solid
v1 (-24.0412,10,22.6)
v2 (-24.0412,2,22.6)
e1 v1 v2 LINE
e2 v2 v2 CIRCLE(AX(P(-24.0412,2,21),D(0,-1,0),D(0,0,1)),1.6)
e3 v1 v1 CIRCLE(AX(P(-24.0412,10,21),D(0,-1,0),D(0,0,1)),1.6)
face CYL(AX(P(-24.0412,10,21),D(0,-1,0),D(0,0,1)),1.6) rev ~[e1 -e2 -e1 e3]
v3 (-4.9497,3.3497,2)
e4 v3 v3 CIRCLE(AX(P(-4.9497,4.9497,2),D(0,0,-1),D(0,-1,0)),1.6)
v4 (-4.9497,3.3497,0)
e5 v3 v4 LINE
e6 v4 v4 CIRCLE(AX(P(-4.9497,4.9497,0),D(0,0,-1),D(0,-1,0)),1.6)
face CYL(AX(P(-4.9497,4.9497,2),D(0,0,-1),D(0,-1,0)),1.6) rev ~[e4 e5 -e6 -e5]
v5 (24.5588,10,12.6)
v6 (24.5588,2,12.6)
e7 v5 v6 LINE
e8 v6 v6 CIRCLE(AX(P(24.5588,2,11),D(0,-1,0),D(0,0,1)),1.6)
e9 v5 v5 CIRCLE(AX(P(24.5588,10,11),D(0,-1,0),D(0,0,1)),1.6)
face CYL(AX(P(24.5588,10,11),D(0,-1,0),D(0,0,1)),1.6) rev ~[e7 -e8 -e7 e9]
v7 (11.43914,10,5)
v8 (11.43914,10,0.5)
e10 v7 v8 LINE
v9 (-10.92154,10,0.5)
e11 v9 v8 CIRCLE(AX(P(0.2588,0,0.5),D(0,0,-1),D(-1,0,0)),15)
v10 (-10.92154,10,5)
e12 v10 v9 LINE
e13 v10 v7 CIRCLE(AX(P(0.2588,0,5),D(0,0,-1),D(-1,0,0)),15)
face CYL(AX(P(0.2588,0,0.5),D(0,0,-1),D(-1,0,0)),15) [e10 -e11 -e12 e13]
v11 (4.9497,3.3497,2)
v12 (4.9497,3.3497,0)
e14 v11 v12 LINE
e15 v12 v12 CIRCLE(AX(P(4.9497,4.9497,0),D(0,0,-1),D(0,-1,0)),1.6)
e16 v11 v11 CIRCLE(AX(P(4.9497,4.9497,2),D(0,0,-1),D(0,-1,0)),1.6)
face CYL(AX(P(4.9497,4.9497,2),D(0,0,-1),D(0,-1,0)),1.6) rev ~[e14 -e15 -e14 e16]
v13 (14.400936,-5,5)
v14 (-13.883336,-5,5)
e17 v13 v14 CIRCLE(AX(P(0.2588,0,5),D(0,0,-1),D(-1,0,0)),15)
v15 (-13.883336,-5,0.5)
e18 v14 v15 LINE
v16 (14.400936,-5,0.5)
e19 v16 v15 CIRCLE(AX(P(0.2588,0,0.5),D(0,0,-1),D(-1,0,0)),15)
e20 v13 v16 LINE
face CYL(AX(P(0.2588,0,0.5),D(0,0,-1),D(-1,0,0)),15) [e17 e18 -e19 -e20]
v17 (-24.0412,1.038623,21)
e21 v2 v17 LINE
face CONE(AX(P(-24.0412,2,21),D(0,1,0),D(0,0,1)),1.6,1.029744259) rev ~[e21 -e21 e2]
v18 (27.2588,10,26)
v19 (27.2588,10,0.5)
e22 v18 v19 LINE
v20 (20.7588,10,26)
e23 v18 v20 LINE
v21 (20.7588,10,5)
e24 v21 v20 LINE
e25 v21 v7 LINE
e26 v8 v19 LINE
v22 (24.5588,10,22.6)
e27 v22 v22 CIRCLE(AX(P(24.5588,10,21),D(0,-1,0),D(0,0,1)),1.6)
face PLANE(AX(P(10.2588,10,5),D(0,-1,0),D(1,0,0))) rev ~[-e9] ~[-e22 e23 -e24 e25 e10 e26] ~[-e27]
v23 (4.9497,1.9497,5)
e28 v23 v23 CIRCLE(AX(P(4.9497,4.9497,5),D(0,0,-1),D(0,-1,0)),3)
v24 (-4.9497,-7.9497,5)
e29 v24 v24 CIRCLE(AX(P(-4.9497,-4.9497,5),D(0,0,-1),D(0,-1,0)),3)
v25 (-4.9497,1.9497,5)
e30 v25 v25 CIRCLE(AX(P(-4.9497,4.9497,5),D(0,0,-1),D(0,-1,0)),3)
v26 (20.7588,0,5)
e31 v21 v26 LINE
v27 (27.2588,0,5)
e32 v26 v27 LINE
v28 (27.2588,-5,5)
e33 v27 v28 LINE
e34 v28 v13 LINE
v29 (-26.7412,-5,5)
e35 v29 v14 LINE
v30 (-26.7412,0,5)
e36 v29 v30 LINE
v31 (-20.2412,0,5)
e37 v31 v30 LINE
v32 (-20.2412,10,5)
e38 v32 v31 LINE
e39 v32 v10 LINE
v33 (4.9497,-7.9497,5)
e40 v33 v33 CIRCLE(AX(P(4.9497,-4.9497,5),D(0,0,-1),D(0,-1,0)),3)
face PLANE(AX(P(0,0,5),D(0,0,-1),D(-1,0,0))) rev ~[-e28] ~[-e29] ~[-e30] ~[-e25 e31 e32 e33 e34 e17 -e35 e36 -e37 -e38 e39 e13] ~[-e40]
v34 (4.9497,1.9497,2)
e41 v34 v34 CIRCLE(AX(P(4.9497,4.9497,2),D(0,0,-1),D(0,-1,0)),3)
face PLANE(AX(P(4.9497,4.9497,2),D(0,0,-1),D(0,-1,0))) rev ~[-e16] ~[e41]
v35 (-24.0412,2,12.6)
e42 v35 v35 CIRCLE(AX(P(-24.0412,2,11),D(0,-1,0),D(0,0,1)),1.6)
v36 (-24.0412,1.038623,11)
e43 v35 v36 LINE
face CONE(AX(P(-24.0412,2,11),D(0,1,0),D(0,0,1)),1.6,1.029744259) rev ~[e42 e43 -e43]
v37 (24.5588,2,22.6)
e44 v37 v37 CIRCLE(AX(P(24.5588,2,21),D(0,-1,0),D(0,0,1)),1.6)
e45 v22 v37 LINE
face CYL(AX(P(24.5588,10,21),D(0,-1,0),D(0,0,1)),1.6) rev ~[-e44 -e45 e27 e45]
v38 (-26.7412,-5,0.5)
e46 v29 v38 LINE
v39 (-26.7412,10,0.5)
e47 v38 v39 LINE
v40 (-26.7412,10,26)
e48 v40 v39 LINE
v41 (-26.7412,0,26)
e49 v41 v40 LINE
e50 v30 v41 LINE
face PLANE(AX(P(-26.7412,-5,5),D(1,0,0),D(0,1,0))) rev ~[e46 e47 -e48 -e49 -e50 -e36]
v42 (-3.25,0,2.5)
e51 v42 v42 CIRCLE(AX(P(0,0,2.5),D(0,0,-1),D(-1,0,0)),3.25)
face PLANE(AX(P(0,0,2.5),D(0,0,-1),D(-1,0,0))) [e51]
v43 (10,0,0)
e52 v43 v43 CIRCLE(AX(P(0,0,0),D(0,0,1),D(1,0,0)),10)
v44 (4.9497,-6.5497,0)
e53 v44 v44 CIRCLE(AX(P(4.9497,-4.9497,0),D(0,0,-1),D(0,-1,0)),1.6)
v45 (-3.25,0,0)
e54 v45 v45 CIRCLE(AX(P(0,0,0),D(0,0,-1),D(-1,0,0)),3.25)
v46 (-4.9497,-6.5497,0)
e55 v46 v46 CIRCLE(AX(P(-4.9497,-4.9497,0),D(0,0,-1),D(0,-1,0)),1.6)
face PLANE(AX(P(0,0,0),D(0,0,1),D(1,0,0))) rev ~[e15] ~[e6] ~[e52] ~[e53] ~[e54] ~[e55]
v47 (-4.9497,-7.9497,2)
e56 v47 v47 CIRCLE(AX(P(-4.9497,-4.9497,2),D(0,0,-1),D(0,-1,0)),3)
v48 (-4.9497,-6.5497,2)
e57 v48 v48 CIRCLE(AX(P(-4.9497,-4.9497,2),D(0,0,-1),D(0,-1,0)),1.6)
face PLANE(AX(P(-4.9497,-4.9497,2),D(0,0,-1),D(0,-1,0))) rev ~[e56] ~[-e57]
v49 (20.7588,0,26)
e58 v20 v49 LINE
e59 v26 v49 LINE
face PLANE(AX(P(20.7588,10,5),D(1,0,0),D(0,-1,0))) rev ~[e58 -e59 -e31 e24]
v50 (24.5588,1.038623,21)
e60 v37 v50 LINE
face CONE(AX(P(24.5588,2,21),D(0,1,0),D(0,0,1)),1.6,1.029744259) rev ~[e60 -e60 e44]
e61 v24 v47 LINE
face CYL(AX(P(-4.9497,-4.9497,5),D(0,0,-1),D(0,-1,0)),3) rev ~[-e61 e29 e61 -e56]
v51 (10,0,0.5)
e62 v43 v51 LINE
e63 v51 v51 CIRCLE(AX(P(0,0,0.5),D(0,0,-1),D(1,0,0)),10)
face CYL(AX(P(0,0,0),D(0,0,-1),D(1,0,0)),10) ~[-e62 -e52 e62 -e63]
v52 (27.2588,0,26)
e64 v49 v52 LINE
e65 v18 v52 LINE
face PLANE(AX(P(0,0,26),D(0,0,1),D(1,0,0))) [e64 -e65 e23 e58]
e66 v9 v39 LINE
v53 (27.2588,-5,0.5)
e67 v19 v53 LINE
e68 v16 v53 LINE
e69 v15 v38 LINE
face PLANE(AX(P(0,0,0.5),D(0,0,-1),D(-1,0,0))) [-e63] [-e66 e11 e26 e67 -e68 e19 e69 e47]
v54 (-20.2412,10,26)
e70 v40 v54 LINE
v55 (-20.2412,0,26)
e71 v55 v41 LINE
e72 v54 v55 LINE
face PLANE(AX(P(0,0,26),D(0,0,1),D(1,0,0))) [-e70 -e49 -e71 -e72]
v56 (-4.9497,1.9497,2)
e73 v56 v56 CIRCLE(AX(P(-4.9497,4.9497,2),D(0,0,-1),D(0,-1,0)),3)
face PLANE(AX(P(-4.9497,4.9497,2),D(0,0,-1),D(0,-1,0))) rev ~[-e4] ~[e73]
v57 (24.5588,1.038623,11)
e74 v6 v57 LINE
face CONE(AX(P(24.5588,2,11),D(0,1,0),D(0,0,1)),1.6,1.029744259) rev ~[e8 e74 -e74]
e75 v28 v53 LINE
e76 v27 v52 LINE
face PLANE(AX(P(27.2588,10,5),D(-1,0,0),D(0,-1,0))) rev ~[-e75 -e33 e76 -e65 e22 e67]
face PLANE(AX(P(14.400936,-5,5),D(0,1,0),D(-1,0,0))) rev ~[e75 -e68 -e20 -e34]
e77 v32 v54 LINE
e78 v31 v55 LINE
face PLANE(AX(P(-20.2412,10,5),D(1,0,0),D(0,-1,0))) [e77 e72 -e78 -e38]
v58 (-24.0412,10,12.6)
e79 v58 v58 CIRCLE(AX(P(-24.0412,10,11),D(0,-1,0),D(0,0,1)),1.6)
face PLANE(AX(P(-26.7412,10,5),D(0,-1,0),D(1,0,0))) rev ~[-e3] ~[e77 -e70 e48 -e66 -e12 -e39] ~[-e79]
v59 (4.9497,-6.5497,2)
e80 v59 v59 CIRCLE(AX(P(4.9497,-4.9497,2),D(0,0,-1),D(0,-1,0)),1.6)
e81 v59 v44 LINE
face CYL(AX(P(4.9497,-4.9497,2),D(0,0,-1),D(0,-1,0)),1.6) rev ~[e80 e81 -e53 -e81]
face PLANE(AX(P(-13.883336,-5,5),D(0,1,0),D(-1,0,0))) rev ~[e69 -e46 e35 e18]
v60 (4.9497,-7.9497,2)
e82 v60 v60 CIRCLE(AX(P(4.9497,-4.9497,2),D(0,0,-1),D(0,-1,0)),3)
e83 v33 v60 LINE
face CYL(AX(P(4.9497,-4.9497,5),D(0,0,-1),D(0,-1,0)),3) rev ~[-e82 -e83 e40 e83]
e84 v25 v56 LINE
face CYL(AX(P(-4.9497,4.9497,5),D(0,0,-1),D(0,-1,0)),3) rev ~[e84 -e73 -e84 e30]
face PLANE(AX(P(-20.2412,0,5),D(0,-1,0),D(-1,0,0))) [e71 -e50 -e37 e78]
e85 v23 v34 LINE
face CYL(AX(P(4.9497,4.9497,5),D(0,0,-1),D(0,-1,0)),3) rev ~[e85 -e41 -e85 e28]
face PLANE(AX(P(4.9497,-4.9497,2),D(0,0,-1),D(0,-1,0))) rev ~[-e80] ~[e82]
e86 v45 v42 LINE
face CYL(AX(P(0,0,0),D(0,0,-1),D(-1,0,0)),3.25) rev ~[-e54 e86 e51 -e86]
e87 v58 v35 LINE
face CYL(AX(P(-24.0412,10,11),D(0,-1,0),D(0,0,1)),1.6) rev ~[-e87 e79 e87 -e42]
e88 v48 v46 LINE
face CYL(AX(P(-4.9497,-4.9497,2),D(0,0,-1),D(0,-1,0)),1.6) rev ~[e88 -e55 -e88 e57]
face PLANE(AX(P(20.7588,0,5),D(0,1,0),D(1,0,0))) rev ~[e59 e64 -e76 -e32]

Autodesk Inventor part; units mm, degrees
ref_plane "YZ Plane" through (0, 0, 0) normal (1, 0, 0) x (0, 1, 0)
ref_plane "XZ Plane" through (0, 0, 0) normal (0, 1, 0) x (-1, 0, 0)
sketch "草圖1" plane through (0, 0, 0) normal (0, 0, 1) x (1, 0, 0)
  circle A0 centre (0, 0) radius 10
  dimension "d0" = 20
extrude "擠出1" add sketch "草圖1" along normal blind 5
ref_plane "工作平面1" through (0, 0, 0.5) normal (0, 0, -1) x (-1, 0, 0)
sketch "草圖4" plane through (0, 0, 0.5) normal (0, 0, -1) x (-1, 0, 0)
  circle A0 centre (-0.2588, 0) radius 15
  point P0 (0, 0)
  dimension "d18" = 30
extrude "擠出3" add sketch "草圖4" against normal up to surface (4.5 mm away)
sketch "草圖2" plane through (0, 0, 5) normal (0, 0, 1) x (1, 0, 0)
  circle A0 centre (0, 0) radius 7
  line L0 (-4.9497, -4.9497) -> (4.9497, -4.9497)
  line L1 (4.9497, -4.9497) -> (4.9497, 4.9497)
  line L2 (4.9497, 4.9497) -> (-4.9497, 4.9497)
  line L3 (-4.9497, 4.9497) -> (-4.9497, -4.9497)
  line L4 (-4.9497, -4.9497) -> (4.9497, 4.9497) construction
  line L5 (4.9497, -4.9497) -> (-4.9497, 4.9497) construction
  dimension "d3" = 14
hole "孔1" at (4.9497, 4.9497, 5) at (-4.9497, 4.9497, 5) at (-4.9497, -4.9497, 5) at (4.9497, -4.9497, 5) direction (0, 0, -1) diameter 3.2 depth 8 tip angle 118 counterbore diameter 6 counterbore depth 3
sketch "草圖5" plane through (0.2588, 0, 5) normal (0, 0, 1) x (1, 0, 0)
  line L0 (-27, 10) -> (-10, 10)
  line L1 (-10, 10) -> (-10, -5)
  line L2 (-10, -5) -> (-27, -5)
  line L3 (-27, -5) -> (-27, 10)
  line L4 (10, 10) -> (27, 10)
  line L5 (27, 10) -> (27, -5)
  line L6 (27, -5) -> (10, -5)
  line L7 (10, -5) -> (10, 10)
  circle A0 centre (0, 0) radius 15 projected
  point P0 (-0.2588, 0)
  dimension "d21" = 10
  dimension "d22" = 10
  dimension "d23" = 10
  dimension "d24" = 15
  dimension "d27" = 17
  dimension "d28" = 17
extrude "擠出4" add sketch "草圖5" against normal up to surface (4.5 mm away) contours L0 A0 L2 L3 | L0 L1 L2 A0 | A0 L6 L7 L4 | L4 L5 L6 A0
sketch "草圖6" plane through (0, 0, 5) normal (0, 0, 1) x (1, 0, 0)
  line L0 (-26.7412, 10) -> (-10.9215, 10) projected
  line L1 (-26.7412, 10) -> (-20.2412, 10)
  line L2 (-20.2412, 10) -> (-20.2412, 0)
  line L3 (-20.2412, 0) -> (-26.7412, 0)
  line L4 (-26.7412, 0) -> (-26.7412, 10)
  line L5 (27.2588, 10) -> (27.2588, -5) projected
  line L6 (27.2588, 10) -> (20.7588, 10)
  line L7 (20.7588, 10) -> (20.7588, 0)
  line L8 (20.7588, 0) -> (27.2588, 0)
  line L9 (27.2588, 0) -> (27.2588, 10)
  point P0 (0, 0)
  dimension "d29" = 41
  dimension "d30" = 10
  dimension "d31" = 10
extrude "擠出5" add sketch "草圖6" along normal blind 21
sketch "草圖7" plane through (-26.7412, 10, 0.5) normal (0, 1, 0) x (1, 0, 0)
  line L0 (2.7, -10.5) -> (51.3, -10.5)
  line L1 (51.3, -10.5) -> (51.3, -20.5)
  line L2 (51.3, -20.5) -> (2.7, -20.5)
  line L3 (2.7, -20.5) -> (2.7, -10.5)
  line L4 (0, 0) -> (0, -25.5) projected
  line L5 (6.5, -25.5) -> (0, -25.5) projected
  point P0 (26.7412, 0.5)
  dimension "d34" = 48.6
  dimension "d35" = 2.7
  dimension "d36" = 5
  dimension "d37" = 10
hole "孔2" at (-24.0412, 10, 21) at (-24.0412, 10, 11) at (24.5588, 10, 21) at (24.5588, 10, 11) direction (0, -1, 0) diameter 3.2 depth 8 tip angle 118
sketch "草圖8" plane through (0, 0, 0) normal (0, 0, -1) x (-1, 0, 0)
  circle A0 centre (0, 0) radius 3.25
  dimension "d45" = 6.5
extrude "擠出6" cut sketch "草圖8" against normal blind 2.5
properties part number "腕-2" material "熱塑性塑膠樹脂"
